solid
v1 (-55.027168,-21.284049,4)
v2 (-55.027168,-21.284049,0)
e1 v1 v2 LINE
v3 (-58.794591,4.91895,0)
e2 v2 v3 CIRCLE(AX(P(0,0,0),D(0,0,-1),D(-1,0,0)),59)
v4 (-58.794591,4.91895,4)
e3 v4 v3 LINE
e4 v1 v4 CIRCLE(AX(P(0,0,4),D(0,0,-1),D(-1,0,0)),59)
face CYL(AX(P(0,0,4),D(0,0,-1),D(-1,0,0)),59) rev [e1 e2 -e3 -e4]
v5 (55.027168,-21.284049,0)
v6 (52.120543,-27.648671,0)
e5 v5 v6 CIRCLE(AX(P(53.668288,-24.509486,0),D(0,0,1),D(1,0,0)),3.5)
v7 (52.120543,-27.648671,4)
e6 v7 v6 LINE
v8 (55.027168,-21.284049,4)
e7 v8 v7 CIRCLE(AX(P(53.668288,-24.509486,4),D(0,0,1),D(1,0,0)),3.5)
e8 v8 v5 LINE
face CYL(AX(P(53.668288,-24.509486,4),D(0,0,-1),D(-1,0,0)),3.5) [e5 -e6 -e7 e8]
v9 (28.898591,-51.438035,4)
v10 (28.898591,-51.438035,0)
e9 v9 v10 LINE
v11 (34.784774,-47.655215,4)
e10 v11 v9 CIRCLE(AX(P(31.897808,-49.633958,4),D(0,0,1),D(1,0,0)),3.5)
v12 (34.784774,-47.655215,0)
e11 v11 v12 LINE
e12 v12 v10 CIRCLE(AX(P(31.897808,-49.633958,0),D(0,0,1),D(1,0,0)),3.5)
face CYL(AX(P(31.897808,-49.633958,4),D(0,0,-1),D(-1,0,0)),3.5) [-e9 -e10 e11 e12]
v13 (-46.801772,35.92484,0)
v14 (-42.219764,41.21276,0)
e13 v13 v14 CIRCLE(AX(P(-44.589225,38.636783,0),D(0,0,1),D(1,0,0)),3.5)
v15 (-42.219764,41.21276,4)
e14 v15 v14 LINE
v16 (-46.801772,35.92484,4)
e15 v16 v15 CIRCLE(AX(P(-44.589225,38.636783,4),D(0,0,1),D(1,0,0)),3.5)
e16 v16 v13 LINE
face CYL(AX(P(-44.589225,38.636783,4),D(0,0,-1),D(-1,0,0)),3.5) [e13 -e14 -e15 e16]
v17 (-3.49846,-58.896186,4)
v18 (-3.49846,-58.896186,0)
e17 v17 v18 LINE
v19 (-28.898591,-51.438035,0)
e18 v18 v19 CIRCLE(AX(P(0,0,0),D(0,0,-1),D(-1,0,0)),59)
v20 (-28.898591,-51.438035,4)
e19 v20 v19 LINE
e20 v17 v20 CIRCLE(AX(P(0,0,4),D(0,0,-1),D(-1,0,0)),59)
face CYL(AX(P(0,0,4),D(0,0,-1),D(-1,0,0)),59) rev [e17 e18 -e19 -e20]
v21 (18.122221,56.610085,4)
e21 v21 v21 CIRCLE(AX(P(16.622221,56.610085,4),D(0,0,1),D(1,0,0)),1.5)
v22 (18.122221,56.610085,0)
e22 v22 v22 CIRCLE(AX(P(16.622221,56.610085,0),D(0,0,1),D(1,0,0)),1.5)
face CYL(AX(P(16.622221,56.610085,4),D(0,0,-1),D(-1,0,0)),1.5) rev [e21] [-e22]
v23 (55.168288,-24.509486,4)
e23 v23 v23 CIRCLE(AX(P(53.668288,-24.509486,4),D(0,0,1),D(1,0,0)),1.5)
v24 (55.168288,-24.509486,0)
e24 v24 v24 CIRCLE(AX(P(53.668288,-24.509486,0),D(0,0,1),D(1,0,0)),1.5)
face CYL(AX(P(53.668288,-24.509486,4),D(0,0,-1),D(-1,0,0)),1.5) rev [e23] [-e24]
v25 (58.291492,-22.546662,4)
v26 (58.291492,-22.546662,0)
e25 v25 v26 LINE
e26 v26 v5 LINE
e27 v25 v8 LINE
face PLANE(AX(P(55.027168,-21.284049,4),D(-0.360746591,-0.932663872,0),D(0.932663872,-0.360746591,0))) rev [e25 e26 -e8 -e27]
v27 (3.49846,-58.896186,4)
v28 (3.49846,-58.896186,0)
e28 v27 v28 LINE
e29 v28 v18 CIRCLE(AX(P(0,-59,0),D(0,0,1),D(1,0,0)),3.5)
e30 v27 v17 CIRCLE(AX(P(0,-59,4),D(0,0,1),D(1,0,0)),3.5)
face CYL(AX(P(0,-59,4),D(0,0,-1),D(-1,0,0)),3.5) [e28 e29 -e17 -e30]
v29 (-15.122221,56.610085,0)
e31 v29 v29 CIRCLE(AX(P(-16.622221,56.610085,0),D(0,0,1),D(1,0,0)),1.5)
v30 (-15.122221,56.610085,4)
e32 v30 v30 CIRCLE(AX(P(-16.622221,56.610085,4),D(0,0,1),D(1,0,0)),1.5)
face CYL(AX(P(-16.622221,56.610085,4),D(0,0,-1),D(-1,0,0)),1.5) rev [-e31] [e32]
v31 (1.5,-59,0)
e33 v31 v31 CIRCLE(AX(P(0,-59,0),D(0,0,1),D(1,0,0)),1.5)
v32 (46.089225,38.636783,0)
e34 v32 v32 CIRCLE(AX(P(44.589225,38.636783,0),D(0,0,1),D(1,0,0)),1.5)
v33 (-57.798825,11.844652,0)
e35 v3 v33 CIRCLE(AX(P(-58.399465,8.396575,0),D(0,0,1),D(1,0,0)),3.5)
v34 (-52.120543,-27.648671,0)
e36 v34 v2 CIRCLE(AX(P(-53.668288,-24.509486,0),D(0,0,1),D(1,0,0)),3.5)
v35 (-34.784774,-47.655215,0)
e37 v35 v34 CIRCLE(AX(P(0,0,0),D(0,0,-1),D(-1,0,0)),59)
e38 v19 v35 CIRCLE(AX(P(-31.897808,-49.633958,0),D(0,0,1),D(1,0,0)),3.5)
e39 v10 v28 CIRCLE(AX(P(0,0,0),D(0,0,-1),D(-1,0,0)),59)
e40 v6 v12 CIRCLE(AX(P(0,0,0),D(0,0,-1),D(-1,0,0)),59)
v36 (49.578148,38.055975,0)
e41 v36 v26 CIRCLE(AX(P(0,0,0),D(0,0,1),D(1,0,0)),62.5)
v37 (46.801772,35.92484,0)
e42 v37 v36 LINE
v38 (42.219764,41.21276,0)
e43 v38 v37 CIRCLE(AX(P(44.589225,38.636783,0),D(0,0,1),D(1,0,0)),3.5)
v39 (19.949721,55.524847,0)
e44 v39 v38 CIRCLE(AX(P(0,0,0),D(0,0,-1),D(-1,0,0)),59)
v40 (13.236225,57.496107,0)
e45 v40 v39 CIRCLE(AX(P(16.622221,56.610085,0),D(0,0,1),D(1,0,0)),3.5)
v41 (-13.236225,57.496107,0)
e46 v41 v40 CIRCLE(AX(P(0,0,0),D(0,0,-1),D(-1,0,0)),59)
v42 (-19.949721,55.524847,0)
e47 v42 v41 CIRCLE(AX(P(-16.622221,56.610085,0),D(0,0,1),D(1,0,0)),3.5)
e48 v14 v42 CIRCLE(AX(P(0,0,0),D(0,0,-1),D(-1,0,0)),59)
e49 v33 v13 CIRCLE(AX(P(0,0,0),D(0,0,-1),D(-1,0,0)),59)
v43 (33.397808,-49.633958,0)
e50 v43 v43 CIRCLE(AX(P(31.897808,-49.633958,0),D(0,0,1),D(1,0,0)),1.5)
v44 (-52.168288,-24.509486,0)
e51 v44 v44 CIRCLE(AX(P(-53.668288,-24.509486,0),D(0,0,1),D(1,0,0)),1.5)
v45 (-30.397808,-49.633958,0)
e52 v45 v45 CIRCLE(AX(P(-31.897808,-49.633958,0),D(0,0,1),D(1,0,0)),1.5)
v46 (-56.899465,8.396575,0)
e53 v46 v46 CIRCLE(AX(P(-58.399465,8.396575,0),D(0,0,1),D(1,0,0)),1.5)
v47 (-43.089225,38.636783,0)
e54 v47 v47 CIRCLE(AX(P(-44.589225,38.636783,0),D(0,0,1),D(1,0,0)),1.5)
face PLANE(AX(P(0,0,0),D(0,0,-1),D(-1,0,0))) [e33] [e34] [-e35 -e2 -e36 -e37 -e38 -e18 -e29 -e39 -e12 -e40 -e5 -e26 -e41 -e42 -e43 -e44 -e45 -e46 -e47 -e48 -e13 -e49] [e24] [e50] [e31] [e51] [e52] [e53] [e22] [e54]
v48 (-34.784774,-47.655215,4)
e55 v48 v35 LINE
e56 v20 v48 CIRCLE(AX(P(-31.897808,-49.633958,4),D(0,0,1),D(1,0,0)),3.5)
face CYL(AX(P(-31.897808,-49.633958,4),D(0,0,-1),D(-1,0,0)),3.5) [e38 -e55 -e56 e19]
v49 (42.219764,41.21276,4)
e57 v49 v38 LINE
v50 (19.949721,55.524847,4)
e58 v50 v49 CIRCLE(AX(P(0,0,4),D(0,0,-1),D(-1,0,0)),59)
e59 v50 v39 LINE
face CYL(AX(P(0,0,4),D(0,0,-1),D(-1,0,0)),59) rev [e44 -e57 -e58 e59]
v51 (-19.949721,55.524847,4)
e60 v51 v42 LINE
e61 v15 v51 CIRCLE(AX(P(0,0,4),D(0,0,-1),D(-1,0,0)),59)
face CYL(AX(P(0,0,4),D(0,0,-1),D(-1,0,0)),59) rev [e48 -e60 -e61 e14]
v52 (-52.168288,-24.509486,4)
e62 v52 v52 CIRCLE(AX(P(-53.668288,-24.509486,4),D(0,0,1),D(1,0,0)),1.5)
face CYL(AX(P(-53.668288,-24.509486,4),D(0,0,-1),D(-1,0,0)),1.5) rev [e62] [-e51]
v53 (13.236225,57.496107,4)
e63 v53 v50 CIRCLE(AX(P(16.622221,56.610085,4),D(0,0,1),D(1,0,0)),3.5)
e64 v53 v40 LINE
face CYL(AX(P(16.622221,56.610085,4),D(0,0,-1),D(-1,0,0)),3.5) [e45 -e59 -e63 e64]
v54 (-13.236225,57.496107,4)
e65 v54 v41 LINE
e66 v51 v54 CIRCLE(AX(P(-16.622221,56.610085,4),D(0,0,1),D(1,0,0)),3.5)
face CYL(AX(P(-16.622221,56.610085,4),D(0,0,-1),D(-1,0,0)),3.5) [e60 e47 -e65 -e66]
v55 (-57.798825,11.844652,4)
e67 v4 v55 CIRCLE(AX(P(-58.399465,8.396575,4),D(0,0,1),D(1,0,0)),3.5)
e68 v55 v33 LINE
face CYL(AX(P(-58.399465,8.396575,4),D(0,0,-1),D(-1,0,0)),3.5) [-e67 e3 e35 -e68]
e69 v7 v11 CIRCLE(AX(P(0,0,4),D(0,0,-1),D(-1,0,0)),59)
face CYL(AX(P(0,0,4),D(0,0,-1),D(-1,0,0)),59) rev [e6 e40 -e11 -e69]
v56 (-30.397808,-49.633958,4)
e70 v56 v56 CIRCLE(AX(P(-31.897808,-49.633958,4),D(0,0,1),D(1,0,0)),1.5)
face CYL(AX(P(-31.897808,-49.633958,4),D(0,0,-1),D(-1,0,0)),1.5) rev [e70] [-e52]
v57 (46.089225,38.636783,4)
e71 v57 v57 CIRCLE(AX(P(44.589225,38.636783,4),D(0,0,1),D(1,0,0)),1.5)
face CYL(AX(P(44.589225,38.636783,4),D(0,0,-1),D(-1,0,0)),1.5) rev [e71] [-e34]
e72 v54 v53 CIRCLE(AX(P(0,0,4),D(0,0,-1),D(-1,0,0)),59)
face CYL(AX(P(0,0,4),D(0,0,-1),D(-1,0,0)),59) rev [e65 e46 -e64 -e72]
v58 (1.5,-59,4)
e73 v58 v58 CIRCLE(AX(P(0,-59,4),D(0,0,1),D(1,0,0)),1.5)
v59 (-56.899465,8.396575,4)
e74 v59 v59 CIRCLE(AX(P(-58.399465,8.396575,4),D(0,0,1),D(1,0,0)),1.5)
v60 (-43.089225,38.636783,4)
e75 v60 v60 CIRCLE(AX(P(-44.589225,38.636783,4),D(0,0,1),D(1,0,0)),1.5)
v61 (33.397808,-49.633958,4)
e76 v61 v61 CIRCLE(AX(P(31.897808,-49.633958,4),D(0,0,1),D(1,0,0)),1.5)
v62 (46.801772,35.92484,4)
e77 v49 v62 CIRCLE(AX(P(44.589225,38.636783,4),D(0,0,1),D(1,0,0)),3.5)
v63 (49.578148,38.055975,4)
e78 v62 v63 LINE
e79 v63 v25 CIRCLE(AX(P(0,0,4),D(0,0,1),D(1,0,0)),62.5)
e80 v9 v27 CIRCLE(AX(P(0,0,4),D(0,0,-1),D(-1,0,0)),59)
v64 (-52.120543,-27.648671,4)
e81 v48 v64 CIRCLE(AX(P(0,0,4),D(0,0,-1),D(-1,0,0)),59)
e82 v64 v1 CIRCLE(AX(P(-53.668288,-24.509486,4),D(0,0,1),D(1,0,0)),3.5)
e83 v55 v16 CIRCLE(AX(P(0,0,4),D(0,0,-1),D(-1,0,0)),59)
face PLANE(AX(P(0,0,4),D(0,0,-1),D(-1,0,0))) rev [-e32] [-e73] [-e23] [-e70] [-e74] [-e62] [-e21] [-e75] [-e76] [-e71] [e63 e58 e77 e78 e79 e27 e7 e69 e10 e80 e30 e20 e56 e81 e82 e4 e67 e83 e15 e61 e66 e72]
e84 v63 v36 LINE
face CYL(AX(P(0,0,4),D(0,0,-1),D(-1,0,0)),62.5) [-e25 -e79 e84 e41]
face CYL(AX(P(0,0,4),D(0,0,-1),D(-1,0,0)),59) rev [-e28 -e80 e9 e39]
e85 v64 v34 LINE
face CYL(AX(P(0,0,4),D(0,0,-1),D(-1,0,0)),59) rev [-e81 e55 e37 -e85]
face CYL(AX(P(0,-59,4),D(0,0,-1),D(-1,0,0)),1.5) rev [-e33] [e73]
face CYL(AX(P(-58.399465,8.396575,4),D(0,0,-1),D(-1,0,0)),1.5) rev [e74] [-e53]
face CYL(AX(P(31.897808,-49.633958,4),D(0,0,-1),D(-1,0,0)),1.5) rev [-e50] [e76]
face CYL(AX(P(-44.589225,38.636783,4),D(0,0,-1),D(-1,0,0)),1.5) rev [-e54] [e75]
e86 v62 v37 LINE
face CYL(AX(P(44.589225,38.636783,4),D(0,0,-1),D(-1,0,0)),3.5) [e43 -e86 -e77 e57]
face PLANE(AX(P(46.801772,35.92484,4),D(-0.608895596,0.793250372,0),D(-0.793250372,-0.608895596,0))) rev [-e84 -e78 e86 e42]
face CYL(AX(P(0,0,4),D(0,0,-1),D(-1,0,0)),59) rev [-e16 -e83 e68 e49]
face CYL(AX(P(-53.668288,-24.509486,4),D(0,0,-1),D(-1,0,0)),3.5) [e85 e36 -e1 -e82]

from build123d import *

# Parameters (mm, degrees)
SKETCH_1_R      = 1.5
EXTRUDE_1_DEPTH = 4


with BuildPart() as part:
    # 草图1 → 凸台-拉伸1 (new body)
    with BuildSketch(Plane.XY):
        with BuildLine():
            Line((46.801771952, 35.924840183), (49.578148254, 38.05597477))
            ThreePointArc((49.578148254, 38.05597477), (-61.863840118, -8.894677392), (58.29149197, -22.546661925))
            Line((58.29149197, -22.546661925), (55.027168419, -21.284048857))
            ThreePointArc((55.027168419, -21.284048857), (50.484575742, -23.055533222), (52.120542762, -27.648671255))
            ThreePointArc((52.120542762, -27.648671255), (44.589224887, -38.636783303), (34.784774262, -47.65521461))
            ThreePointArc((34.784774262, -47.65521461), (30.005565369, -46.689571072), (28.898590503, -51.438035217))
            ThreePointArc((28.898590503, -51.438035217), (16.622220854, -56.610085443), (3.498460053, -58.896186441))
            ThreePointArc((3.498460053, -58.896186441), (0, -55.5), (-3.498460053, -58.896186441))
            ThreePointArc((-3.498460053, -58.896186441), (-16.622220854, -56.610085443), (-28.898590503, -51.438035217))
            ThreePointArc((-28.898590503, -51.438035217), (-30.005565369, -46.689571072), (-34.784774262, -47.65521461))
            ThreePointArc((-34.784774262, -47.65521461), (-44.589224887, -38.636783303), (-52.120542762, -27.648671255))
            ThreePointArc((-52.120542762, -27.648671255), (-50.484575742, -23.055533222), (-55.027168419, -21.284048857))
            ThreePointArc((-55.027168419, -21.284048857), (-58.399465071, -8.396575458), (-58.794590961, 4.918950474))
            ThreePointArc((-58.794590961, 4.918950474), (-54.935090024, 7.898473524), (-57.798825407, 11.844652023))
            ThreePointArc((-57.798825407, 11.844652023), (-53.668287726, 24.509485767), (-46.801771952, 35.924840183))
            ThreePointArc((-46.801771952, 35.924840183), (-41.944101377, 36.344770734), (-42.219763715, 41.212759575))
            ThreePointArc((-42.219763715, 41.212759575), (-31.89780823, 49.633958437), (-19.949721034, 55.524846967))
            ThreePointArc((-19.949721034, 55.524846967), (-15.636156905, 53.251860036), (-13.236225354, 57.496107158))
            ThreePointArc((-13.236225354, 57.496107158), (0, 59), (13.236225354, 57.496107158))
            ThreePointArc((13.236225354, 57.496107158), (15.636156905, 53.251860036), (19.949721034, 55.524846967))
            ThreePointArc((19.949721034, 55.524846967), (31.89780823, 49.633958437), (42.219763715, 41.212759575))
            ThreePointArc((42.219763715, 41.212759575), (41.944101377, 36.344770734), (46.801771952, 35.924840183))
        make_face()
        with Locations((0, -59)):
            Circle(SKETCH_1_R, mode=Mode.SUBTRACT)
        with Locations((-31.89780823, -49.633958437)):
            Circle(SKETCH_1_R, mode=Mode.SUBTRACT)
        with Locations((-53.668287726, -24.509485767)):
            Circle(SKETCH_1_R, mode=Mode.SUBTRACT)
        with Locations((-58.399465071, 8.396575458)):
            Circle(SKETCH_1_R, mode=Mode.SUBTRACT)
        with Locations((-44.589224887, 38.636783303)):
            Circle(SKETCH_1_R, mode=Mode.SUBTRACT)
        with Locations((-16.622220854, 56.610085443)):
            Circle(SKETCH_1_R, mode=Mode.SUBTRACT)
        with Locations((16.622220854, 56.610085443)):
            Circle(SKETCH_1_R, mode=Mode.SUBTRACT)
        with Locations((44.589224887, 38.636783303)):
            Circle(SKETCH_1_R, mode=Mode.SUBTRACT)
        with Locations((53.668287726, -24.509485767)):
            Circle(SKETCH_1_R, mode=Mode.SUBTRACT)
        with Locations((31.89780823, -49.633958437)):
            Circle(SKETCH_1_R, mode=Mode.SUBTRACT)
    extrude(amount=EXTRUDE_1_DEPTH)


solid = part.part
